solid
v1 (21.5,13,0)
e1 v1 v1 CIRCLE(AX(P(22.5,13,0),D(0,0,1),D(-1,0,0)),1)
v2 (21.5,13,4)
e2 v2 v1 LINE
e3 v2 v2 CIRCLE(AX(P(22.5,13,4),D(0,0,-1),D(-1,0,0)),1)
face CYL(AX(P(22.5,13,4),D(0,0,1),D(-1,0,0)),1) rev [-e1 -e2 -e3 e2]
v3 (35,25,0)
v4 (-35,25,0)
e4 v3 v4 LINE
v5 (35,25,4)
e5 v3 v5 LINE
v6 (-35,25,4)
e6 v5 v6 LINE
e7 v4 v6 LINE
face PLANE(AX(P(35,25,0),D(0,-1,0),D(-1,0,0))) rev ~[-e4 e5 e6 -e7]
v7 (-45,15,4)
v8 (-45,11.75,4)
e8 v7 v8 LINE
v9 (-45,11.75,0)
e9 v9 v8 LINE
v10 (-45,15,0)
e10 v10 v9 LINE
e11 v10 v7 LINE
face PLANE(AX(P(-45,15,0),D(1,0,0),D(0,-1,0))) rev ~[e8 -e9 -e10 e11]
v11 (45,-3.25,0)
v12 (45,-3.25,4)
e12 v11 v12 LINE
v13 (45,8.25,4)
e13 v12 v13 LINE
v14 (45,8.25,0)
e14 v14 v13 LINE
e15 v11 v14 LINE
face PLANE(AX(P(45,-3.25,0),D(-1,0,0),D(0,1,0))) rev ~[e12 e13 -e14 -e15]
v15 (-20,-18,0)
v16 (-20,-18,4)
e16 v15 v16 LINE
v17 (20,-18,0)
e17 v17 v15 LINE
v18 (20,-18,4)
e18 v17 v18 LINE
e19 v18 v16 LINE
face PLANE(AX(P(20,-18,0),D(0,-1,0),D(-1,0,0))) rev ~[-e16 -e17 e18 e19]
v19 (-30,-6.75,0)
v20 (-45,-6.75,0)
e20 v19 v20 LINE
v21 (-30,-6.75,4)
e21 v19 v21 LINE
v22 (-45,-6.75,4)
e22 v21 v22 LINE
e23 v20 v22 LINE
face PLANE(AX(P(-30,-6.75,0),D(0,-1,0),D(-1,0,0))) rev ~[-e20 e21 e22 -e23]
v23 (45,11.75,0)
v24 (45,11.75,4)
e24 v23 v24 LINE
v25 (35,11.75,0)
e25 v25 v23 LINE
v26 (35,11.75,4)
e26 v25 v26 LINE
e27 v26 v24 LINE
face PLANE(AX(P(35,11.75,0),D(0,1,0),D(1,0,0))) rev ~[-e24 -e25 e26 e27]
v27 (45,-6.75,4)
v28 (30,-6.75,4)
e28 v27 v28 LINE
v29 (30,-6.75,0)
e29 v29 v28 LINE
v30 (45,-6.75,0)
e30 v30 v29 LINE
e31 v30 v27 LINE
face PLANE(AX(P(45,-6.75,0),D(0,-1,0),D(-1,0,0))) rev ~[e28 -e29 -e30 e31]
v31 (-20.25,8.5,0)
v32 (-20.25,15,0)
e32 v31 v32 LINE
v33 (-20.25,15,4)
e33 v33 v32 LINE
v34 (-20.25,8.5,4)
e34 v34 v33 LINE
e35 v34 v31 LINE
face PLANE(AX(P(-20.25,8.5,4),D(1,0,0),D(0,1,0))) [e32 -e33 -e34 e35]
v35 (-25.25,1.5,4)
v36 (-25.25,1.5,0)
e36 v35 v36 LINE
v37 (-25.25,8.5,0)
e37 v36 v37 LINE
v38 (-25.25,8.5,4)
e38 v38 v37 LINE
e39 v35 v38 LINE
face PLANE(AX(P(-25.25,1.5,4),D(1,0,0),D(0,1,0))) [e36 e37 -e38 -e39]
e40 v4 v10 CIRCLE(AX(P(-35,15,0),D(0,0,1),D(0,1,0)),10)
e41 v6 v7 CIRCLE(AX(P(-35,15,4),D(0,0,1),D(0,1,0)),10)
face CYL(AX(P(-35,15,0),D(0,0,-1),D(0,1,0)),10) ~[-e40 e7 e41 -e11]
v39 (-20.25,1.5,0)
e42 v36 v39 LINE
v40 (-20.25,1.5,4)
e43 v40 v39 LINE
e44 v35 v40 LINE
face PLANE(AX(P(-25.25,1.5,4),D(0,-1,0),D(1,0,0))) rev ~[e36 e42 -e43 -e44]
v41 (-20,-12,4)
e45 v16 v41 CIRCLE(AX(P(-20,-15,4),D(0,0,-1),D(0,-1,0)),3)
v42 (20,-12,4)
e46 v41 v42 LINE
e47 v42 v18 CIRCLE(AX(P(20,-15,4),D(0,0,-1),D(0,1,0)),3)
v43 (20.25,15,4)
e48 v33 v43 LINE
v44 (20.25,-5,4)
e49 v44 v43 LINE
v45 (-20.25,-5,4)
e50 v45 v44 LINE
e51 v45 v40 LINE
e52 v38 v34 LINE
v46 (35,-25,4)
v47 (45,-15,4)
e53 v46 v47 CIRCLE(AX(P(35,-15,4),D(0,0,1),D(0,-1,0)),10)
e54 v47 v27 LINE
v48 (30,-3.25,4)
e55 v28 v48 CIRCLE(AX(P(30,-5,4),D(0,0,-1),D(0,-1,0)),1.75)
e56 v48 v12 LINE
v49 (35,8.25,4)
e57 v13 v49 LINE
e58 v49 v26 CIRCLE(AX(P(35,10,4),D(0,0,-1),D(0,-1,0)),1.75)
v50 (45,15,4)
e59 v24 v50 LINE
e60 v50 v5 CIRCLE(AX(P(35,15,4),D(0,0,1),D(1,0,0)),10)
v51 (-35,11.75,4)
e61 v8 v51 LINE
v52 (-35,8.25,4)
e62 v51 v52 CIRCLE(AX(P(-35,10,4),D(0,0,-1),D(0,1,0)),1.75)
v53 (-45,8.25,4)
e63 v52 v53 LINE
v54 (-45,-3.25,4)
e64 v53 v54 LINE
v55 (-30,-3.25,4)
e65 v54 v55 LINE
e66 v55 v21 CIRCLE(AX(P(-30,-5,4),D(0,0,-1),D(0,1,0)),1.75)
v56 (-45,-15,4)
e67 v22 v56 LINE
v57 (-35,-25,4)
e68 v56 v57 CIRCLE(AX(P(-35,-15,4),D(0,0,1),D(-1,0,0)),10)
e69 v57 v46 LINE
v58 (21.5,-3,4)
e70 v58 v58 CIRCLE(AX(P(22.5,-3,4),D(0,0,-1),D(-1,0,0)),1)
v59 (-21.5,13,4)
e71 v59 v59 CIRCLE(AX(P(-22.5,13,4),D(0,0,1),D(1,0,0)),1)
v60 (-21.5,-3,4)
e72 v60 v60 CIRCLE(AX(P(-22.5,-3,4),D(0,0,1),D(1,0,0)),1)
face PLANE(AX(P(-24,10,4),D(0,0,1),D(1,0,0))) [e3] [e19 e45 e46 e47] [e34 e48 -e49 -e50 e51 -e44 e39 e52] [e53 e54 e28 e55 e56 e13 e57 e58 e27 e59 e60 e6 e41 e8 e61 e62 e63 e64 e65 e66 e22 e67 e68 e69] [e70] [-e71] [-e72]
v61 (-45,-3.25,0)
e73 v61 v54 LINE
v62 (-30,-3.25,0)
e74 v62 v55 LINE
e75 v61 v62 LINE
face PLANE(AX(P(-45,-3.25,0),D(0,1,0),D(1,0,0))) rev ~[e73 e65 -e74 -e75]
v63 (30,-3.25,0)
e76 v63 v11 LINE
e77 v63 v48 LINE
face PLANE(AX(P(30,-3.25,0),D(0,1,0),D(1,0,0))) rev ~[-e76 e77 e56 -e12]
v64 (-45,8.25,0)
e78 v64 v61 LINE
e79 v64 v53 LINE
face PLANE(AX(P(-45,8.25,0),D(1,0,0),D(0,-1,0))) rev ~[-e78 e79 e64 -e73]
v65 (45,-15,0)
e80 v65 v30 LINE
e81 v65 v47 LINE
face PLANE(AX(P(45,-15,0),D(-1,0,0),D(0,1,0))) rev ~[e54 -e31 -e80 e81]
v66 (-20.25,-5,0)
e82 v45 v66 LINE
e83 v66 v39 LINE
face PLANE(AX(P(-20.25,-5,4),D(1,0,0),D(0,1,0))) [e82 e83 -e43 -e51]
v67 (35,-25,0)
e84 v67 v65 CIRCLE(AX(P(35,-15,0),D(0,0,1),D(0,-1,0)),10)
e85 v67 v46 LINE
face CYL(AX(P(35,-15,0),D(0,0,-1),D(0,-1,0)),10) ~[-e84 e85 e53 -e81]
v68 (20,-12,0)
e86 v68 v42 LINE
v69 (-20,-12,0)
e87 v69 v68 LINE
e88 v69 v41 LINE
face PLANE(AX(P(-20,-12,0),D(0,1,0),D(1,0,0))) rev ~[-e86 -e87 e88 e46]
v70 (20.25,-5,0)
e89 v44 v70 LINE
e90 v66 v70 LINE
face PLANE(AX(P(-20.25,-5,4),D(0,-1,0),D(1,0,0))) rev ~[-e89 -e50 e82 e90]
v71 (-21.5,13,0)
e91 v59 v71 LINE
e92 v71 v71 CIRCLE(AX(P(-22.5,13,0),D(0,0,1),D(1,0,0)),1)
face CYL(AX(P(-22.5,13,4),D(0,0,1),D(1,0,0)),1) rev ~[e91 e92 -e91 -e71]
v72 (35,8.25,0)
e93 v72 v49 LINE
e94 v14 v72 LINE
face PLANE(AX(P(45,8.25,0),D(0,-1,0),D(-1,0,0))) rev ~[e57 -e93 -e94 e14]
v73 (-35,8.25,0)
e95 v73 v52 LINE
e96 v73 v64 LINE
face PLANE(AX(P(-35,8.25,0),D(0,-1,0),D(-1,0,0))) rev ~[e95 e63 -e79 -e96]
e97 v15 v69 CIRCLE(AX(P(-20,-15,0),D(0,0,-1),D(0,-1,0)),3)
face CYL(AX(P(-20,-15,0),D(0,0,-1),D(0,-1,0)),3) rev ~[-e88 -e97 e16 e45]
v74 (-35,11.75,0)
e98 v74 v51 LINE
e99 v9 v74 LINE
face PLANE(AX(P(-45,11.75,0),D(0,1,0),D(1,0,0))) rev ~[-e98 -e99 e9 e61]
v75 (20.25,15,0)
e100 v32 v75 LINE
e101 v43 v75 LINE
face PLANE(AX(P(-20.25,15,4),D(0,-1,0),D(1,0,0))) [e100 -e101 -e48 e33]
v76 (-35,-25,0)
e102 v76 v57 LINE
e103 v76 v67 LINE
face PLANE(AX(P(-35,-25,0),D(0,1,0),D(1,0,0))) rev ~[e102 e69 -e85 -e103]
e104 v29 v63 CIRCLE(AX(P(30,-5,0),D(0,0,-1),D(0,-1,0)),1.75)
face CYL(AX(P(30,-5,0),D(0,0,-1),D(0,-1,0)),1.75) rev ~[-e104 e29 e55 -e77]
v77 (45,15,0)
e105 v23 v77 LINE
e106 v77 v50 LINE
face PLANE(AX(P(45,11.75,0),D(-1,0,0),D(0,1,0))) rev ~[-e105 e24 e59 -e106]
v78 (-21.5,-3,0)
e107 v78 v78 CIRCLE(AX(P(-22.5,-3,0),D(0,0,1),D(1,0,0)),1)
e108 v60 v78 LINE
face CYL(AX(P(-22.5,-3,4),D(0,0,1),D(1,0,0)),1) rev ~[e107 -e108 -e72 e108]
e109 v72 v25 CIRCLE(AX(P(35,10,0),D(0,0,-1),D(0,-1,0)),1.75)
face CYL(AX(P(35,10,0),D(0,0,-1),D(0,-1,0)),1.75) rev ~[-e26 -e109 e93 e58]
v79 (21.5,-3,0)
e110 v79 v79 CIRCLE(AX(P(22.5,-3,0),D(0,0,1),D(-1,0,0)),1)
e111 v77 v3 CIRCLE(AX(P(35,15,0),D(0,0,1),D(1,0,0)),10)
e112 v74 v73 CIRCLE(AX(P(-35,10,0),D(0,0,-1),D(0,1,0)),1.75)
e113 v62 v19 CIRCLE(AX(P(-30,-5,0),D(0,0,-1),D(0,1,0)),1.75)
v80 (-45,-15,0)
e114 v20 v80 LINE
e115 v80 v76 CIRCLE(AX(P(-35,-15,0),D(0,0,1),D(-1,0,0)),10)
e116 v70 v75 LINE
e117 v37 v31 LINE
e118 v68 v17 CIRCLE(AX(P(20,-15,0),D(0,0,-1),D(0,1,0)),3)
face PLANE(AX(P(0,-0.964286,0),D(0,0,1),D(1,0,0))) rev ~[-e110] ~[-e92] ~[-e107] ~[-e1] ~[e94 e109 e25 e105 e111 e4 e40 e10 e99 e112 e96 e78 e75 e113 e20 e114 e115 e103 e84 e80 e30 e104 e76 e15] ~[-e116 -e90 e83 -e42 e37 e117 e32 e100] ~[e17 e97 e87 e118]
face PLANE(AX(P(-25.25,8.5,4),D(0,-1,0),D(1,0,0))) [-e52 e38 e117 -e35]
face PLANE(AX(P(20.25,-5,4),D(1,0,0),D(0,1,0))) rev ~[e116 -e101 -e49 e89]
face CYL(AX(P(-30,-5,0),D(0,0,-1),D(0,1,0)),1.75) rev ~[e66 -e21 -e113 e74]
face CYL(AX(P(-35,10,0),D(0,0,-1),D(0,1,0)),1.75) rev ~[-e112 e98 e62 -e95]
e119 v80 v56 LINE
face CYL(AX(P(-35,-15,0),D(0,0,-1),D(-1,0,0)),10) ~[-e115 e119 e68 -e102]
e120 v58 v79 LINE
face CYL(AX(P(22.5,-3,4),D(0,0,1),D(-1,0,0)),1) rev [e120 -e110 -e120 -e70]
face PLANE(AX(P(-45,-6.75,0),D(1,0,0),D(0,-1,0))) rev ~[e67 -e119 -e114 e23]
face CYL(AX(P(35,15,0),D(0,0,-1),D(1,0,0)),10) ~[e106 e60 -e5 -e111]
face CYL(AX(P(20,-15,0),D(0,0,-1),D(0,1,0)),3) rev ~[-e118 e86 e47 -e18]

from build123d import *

# Parameters (mm, degrees)
SKETCH_1_R          = 3
SKETCH_1_W          = 40
SKETCH_1_H          = 20
EXTRUDE_1_DEPTH     = 4
EXTRUDE_3_DEPTH     = 4
SKETCH_3_R          = 3
EXTRUDE_4_DEPTH     = 4
SKETCH_4_R          = 1
CUT_EXTRUDE_1_DEPTH = 4
SKETCH_5_R          = 1
CUT_EXTRUDE_2_DEPTH = 5
SKETCH_6_W          = 5
SKETCH_6_H          = 7
SKETCH_6_W_2        = 40.5
SKETCH_6_H_2        = 20
SKETCH_6_R          = 1
SKETCH_6_W_3        = 22
SKETCH_6_H_3        = 12
CUT_EXTRUDE_3_DEPTH = 10


with BuildPart() as part:
    # 草图1 → 凸台-拉伸1 (new body)
    with BuildSketch(Plane.XY):
        with BuildLine():
            ThreePointArc((-45, -15), (-42.071067812, -22.071067812), (-35, -25))
            Line((-35, -25), (35, -25))
            ThreePointArc((35, -25), (42.071067812, -22.071067812), (45, -15))
            Line((45, -15), (45, -6.75))
            Line((45, -6.75), (30, -6.75))
            ThreePointArc((30, -6.75), (28.25, -5), (30, -3.25))
            Line((30, -3.25), (45, -3.25))
            Line((45, -3.25), (45, 8.25))
            Line((45, 8.25), (35, 8.25))
            ThreePointArc((35, 8.25), (33.25, 10), (35, 11.75))
            Line((35, 11.75), (45, 11.75))
            Line((45, 11.75), (45, 15))
            ThreePointArc((45, 15), (42.071067812, 22.071067812), (35, 25))
            Line((35, 25), (-35, 25))
            ThreePointArc((-35, 25), (-42.071067812, 22.071067812), (-45, 15))
            Line((-45, 15), (-45, 11.75))
            Line((-45, 11.75), (-35, 11.75))
            ThreePointArc((-35, 11.75), (-33.25, 10), (-35, 8.25))
            Line((-35, 8.25), (-45, 8.25))
            Line((-45, 8.25), (-45, -3.25))
            Line((-45, -3.25), (-30, -3.25))
            ThreePointArc((-30, -3.25), (-28.25, -5), (-30, -6.75))
            Line((-30, -6.75), (-45, -6.75))
            Line((-45, -6.75), (-45, -15))
        make_face()
        with BuildLine():
            ThreePointArc((-20, -18), (-23, -15), (-20, -12))
            Line((-20, -12), (20, -12))
            ThreePointArc((20, -12), (23, -15), (20, -18))
            Line((20, -18), (-20, -18))
        make_face(mode=Mode.SUBTRACT)
        with Locations((-24, 0)):
            Circle(SKETCH_1_R, mode=Mode.SUBTRACT)
        with Locations((-24, 10)):
            Circle(SKETCH_1_R, mode=Mode.SUBTRACT)
        with Locations((0, 5)):
            Rectangle(SKETCH_1_W, SKETCH_1_H, mode=Mode.SUBTRACT)
        with Locations((24, 0)):
            Circle(SKETCH_1_R, mode=Mode.SUBTRACT)
        with Locations((24, 10)):
            Circle(SKETCH_1_R, mode=Mode.SUBTRACT)
    extrude(amount=EXTRUDE_1_DEPTH)

    # 草图2 → 凸台-拉伸3 (add)
    with BuildSketch(Plane.XY.offset(4)):
        Polygon((20, -5), (20, 5), (11, 5), (11, -1), (-11, -1), (-11, 5), (-20, 5), (-20, -5), align=None)
        Polygon((11, 5), (20, 5), (20, 15), (-20, 15), (-20, 5), (-11, 5), (-11, 11), (11, 11), align=None)
    extrude(amount=-EXTRUDE_3_DEPTH)

    # 草图3 → 凸台-拉伸4 (add)
    with BuildSketch(Plane.XY.offset(4)):
        with Locations((-24, 10)):
            Circle(SKETCH_3_R)
        with Locations((-24, 0)):
            Circle(SKETCH_3_R)
        with Locations((24, 10)):
            Circle(SKETCH_3_R)
        with Locations((24, 0)):
            Circle(SKETCH_3_R)
    extrude(amount=-EXTRUDE_4_DEPTH)

    # 草图4 → 切除-拉伸1 (cut)
    with BuildSketch(Plane.XY.offset(4)):
        with Locations((-14, 5)):
            Circle(SKETCH_4_R)
        with Locations((14, 5)):
            Circle(SKETCH_4_R)
    extrude(amount=-CUT_EXTRUDE_1_DEPTH, mode=Mode.SUBTRACT)

    # 草图5 → 切除-拉伸2 (cut, through all)
    with BuildSketch(Plane.XY.offset(4)):
        with Locations((-22.5, -3)):
            Circle(SKETCH_5_R)
        with Locations((-22.5, 13)):
            Circle(SKETCH_5_R)
    cut_extrude_2 = extrude(amount=-CUT_EXTRUDE_2_DEPTH, mode=Mode.SUBTRACT)

    # 镜向1: 切除-拉伸2 across plane
    add(cut_extrude_2.mirror(Plane(origin=(0, 0, 0), x_dir=(0, 0, 1), z_dir=(1, 0, 0))), mode=Mode.SUBTRACT)

    # 草图6 → 切除-拉伸3 (cut)
    with BuildSketch(Plane.XY.offset(4)):
        with Locations((-22.75, 5)):
            Rectangle(SKETCH_6_W, SKETCH_6_H)
        with Locations((0, 5)):
            Rectangle(SKETCH_6_W_2, SKETCH_6_H_2)
        with Locations((14, 5)):
            Circle(SKETCH_6_R, mode=Mode.SUBTRACT)
        with Locations((-14, 5)):
            Circle(SKETCH_6_R, mode=Mode.SUBTRACT)
        with Locations((0, 5)):
            Rectangle(SKETCH_6_W_3, SKETCH_6_H_3, mode=Mode.SUBTRACT)
    extrude(amount=-CUT_EXTRUDE_3_DEPTH, mode=Mode.SUBTRACT)


solid = part.part
